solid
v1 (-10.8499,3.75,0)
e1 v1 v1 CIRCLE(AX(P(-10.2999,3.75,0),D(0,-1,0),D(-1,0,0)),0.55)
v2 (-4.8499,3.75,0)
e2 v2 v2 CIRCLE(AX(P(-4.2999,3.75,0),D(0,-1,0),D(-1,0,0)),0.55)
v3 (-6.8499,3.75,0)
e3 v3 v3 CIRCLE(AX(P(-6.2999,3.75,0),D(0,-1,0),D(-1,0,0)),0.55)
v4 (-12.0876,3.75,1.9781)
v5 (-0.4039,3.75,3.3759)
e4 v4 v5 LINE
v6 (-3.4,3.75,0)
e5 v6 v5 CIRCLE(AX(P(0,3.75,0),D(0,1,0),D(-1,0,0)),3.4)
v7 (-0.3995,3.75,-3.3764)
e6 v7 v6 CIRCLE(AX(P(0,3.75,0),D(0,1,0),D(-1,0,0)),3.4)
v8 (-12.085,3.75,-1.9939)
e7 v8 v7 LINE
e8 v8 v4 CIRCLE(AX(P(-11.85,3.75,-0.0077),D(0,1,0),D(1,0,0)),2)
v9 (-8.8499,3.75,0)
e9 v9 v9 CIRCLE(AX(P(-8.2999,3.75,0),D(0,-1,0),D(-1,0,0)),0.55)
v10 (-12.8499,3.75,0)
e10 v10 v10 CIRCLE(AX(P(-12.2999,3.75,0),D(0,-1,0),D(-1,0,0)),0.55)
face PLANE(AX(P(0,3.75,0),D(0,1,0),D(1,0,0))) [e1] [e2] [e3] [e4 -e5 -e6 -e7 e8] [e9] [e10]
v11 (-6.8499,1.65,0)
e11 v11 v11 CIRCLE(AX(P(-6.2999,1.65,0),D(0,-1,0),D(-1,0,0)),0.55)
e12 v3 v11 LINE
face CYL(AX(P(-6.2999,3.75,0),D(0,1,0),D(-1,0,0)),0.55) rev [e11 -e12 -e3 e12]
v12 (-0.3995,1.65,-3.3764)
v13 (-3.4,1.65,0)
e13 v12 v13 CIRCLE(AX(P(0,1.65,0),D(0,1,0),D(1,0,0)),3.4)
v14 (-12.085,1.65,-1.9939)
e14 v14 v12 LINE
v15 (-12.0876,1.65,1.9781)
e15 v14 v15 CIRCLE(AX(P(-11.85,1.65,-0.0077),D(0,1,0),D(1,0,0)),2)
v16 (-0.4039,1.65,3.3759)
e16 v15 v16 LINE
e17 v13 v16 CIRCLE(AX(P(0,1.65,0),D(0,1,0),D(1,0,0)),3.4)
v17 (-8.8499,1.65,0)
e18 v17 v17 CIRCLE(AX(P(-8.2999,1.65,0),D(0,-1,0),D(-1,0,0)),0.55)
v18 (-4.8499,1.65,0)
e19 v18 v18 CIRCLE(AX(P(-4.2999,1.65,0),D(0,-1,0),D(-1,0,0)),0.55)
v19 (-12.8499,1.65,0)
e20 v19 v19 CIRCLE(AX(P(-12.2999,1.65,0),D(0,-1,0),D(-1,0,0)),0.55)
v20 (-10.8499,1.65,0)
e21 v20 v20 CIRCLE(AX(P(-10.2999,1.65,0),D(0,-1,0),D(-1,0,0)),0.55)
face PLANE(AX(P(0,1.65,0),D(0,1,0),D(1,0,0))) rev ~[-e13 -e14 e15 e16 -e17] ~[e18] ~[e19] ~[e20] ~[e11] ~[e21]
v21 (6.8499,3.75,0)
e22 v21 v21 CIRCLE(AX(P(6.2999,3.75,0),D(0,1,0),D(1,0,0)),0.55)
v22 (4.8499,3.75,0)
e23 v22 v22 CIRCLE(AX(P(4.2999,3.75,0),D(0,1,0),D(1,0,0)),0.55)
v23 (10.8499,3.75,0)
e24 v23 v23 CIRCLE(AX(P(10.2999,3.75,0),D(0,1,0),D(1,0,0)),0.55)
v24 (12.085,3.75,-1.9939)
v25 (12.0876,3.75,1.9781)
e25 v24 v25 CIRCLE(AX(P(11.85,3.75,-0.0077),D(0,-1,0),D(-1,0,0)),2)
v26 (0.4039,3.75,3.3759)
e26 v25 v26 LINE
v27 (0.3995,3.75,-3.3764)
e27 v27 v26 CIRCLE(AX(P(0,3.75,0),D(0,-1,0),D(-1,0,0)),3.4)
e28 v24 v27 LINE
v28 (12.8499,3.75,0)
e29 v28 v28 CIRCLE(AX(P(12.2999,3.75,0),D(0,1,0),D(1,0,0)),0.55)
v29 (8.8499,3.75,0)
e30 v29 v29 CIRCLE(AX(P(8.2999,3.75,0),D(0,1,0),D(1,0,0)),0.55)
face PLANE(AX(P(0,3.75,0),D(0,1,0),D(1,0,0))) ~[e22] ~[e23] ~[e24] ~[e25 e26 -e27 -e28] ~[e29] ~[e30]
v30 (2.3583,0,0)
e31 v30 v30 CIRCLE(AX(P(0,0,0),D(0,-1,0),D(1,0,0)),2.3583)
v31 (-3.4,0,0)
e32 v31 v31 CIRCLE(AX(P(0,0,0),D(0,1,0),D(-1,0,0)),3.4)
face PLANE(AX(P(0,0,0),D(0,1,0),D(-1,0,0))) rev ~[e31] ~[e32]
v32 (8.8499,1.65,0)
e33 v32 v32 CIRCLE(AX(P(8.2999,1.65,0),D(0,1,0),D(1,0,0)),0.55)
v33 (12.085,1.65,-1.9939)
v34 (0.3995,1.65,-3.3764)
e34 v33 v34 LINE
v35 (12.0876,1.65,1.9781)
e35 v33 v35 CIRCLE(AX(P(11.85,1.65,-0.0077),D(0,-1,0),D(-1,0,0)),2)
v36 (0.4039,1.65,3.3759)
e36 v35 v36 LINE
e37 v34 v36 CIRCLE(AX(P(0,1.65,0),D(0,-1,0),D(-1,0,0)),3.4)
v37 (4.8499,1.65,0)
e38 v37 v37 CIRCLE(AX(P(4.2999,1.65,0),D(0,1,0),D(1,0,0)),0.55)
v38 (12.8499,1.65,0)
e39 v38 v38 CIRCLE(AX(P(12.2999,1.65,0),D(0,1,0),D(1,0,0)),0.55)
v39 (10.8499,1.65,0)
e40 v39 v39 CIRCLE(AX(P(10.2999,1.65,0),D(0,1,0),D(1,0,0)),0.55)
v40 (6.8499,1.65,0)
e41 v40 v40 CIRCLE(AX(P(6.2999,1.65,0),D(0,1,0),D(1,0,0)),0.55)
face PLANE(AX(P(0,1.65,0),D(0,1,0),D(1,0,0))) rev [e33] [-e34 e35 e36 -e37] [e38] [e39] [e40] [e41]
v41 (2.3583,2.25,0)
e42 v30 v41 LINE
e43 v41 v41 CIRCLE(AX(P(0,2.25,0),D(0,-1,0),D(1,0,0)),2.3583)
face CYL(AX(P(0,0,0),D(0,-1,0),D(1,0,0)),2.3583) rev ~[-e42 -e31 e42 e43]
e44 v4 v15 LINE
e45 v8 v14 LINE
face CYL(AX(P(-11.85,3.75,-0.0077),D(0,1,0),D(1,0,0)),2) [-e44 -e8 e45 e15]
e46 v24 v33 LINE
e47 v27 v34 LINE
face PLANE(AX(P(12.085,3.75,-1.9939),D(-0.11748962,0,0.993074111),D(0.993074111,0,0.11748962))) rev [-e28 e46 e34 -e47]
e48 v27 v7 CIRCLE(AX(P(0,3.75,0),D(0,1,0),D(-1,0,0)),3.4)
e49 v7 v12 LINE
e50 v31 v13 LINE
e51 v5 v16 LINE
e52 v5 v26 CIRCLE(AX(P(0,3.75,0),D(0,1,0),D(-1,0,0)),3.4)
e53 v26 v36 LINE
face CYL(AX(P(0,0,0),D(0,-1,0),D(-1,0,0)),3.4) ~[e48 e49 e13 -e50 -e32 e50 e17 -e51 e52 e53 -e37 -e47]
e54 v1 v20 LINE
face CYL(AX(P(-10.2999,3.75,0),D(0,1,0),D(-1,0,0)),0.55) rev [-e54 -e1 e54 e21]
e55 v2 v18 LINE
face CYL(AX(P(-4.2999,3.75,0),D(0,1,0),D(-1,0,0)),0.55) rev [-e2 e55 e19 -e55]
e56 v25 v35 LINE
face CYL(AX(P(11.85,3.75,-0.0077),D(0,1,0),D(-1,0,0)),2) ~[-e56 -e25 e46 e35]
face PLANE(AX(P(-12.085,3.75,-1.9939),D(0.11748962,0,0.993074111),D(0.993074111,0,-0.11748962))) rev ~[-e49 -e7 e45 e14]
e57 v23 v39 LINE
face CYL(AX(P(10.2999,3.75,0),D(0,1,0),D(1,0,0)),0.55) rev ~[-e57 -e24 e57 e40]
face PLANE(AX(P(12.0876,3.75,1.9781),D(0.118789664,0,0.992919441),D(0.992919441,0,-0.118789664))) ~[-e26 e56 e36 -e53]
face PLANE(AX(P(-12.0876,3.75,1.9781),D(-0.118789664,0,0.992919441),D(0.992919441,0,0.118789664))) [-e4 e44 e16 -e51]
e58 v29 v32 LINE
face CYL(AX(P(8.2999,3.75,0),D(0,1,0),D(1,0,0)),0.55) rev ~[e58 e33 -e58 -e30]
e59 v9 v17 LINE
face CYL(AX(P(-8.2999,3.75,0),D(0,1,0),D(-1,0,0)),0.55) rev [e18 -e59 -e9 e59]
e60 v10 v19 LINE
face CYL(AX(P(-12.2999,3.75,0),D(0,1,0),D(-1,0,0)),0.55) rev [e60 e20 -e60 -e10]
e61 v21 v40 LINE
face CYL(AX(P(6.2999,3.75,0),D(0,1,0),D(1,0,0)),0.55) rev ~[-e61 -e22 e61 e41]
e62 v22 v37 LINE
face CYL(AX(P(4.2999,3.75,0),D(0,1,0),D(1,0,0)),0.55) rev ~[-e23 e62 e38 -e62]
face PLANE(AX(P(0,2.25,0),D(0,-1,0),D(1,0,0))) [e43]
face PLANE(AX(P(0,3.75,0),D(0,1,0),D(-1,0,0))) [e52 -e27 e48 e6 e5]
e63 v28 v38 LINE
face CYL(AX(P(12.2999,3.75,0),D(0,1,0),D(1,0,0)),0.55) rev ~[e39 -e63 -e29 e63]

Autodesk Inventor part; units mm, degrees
ref_plane "YZ Plane" through (0, 0, 0) normal (1, 0, 0) x (0, 1, 0)
ref_plane "XZ Plane" through (0, 0, 0) normal (0, 1, 0) x (-1, 0, 0)
ref_plane "XY Plane" through (0, 0, 0) normal (0, 0, 1) x (1, 0, 0)
sketch "Sketch1" plane through (0, 0, 0) normal (0, 1, 0) x (-1, 0, 0)
  circle A0 centre (0, 0) radius 3.4
  dimension "d3" = 6.8
extrude "Extrusion1" add sketch "Sketch1" along normal blind 3.75
sketch "Sketch2" plane through (0, 0, 0) normal (0, -1, 0) x (1, 0, 0)
  circle A0 centre (0, 0) radius 2.3583
extrude "Extrusion2" cut sketch "Sketch2" against normal blind 2.25
sketch "Sketch3" plane through (0, 3.75, 0) normal (0, 1, 0) x (1, 0, 0)
  circle A0 centre (0, 0) radius 3.4 construction
  line L0 (0, -3.4) -> (0, 3.4) construction
  circle A1 centre (-11.85, 0.0077) radius 2
  line L1 (-12.0876, -1.9781) -> (-0.4039, -3.3759)
  line L2 (-12.085, 1.9939) -> (-0.3995, 3.3764)
  circle A2 centre (0, 0) radius 3.4 projected
  dimension "d6" = 4
  dimension "d7" = 11.85
extrude "Extrusion3" add sketch "Sketch3" against normal blind 2.1 contours A1 | A1 L2 A2 L1
mirror "Mirror1" about plane through (0, 0, 0) normal (1, 0, 0) of "Extrusion3"
sketch "Sketch4" plane through (0, 3.75, 0) normal (0, 1, 0) x (1, 0, 0)
  circle A0 centre (12.2999, 0) radius 0.55
  arc A1 (12.0876, -1.9781) -> (12.085, 1.9939) centre (11.85, 0.0077) ccw projected
  line L0 (0, 0) -> (13.85, 0) construction
  circle A2 centre (10.2999, 0) radius 0.55
  circle A3 centre (8.2999, 0) radius 0.55
  circle A4 centre (6.2999, 0) radius 0.55
  circle A5 centre (4.2999, 0) radius 0.55
  dimension "d10" = 1.1
  dimension "d11" = 1
  dimension "d14" = 2
extrude "Extrusion4" cut sketch "Sketch4" against normal blind 2.1
mirror "Mirror2" about plane through (0, 0, 0) normal (1, 0, 0) of "Extrusion4"
properties part number "stick"
